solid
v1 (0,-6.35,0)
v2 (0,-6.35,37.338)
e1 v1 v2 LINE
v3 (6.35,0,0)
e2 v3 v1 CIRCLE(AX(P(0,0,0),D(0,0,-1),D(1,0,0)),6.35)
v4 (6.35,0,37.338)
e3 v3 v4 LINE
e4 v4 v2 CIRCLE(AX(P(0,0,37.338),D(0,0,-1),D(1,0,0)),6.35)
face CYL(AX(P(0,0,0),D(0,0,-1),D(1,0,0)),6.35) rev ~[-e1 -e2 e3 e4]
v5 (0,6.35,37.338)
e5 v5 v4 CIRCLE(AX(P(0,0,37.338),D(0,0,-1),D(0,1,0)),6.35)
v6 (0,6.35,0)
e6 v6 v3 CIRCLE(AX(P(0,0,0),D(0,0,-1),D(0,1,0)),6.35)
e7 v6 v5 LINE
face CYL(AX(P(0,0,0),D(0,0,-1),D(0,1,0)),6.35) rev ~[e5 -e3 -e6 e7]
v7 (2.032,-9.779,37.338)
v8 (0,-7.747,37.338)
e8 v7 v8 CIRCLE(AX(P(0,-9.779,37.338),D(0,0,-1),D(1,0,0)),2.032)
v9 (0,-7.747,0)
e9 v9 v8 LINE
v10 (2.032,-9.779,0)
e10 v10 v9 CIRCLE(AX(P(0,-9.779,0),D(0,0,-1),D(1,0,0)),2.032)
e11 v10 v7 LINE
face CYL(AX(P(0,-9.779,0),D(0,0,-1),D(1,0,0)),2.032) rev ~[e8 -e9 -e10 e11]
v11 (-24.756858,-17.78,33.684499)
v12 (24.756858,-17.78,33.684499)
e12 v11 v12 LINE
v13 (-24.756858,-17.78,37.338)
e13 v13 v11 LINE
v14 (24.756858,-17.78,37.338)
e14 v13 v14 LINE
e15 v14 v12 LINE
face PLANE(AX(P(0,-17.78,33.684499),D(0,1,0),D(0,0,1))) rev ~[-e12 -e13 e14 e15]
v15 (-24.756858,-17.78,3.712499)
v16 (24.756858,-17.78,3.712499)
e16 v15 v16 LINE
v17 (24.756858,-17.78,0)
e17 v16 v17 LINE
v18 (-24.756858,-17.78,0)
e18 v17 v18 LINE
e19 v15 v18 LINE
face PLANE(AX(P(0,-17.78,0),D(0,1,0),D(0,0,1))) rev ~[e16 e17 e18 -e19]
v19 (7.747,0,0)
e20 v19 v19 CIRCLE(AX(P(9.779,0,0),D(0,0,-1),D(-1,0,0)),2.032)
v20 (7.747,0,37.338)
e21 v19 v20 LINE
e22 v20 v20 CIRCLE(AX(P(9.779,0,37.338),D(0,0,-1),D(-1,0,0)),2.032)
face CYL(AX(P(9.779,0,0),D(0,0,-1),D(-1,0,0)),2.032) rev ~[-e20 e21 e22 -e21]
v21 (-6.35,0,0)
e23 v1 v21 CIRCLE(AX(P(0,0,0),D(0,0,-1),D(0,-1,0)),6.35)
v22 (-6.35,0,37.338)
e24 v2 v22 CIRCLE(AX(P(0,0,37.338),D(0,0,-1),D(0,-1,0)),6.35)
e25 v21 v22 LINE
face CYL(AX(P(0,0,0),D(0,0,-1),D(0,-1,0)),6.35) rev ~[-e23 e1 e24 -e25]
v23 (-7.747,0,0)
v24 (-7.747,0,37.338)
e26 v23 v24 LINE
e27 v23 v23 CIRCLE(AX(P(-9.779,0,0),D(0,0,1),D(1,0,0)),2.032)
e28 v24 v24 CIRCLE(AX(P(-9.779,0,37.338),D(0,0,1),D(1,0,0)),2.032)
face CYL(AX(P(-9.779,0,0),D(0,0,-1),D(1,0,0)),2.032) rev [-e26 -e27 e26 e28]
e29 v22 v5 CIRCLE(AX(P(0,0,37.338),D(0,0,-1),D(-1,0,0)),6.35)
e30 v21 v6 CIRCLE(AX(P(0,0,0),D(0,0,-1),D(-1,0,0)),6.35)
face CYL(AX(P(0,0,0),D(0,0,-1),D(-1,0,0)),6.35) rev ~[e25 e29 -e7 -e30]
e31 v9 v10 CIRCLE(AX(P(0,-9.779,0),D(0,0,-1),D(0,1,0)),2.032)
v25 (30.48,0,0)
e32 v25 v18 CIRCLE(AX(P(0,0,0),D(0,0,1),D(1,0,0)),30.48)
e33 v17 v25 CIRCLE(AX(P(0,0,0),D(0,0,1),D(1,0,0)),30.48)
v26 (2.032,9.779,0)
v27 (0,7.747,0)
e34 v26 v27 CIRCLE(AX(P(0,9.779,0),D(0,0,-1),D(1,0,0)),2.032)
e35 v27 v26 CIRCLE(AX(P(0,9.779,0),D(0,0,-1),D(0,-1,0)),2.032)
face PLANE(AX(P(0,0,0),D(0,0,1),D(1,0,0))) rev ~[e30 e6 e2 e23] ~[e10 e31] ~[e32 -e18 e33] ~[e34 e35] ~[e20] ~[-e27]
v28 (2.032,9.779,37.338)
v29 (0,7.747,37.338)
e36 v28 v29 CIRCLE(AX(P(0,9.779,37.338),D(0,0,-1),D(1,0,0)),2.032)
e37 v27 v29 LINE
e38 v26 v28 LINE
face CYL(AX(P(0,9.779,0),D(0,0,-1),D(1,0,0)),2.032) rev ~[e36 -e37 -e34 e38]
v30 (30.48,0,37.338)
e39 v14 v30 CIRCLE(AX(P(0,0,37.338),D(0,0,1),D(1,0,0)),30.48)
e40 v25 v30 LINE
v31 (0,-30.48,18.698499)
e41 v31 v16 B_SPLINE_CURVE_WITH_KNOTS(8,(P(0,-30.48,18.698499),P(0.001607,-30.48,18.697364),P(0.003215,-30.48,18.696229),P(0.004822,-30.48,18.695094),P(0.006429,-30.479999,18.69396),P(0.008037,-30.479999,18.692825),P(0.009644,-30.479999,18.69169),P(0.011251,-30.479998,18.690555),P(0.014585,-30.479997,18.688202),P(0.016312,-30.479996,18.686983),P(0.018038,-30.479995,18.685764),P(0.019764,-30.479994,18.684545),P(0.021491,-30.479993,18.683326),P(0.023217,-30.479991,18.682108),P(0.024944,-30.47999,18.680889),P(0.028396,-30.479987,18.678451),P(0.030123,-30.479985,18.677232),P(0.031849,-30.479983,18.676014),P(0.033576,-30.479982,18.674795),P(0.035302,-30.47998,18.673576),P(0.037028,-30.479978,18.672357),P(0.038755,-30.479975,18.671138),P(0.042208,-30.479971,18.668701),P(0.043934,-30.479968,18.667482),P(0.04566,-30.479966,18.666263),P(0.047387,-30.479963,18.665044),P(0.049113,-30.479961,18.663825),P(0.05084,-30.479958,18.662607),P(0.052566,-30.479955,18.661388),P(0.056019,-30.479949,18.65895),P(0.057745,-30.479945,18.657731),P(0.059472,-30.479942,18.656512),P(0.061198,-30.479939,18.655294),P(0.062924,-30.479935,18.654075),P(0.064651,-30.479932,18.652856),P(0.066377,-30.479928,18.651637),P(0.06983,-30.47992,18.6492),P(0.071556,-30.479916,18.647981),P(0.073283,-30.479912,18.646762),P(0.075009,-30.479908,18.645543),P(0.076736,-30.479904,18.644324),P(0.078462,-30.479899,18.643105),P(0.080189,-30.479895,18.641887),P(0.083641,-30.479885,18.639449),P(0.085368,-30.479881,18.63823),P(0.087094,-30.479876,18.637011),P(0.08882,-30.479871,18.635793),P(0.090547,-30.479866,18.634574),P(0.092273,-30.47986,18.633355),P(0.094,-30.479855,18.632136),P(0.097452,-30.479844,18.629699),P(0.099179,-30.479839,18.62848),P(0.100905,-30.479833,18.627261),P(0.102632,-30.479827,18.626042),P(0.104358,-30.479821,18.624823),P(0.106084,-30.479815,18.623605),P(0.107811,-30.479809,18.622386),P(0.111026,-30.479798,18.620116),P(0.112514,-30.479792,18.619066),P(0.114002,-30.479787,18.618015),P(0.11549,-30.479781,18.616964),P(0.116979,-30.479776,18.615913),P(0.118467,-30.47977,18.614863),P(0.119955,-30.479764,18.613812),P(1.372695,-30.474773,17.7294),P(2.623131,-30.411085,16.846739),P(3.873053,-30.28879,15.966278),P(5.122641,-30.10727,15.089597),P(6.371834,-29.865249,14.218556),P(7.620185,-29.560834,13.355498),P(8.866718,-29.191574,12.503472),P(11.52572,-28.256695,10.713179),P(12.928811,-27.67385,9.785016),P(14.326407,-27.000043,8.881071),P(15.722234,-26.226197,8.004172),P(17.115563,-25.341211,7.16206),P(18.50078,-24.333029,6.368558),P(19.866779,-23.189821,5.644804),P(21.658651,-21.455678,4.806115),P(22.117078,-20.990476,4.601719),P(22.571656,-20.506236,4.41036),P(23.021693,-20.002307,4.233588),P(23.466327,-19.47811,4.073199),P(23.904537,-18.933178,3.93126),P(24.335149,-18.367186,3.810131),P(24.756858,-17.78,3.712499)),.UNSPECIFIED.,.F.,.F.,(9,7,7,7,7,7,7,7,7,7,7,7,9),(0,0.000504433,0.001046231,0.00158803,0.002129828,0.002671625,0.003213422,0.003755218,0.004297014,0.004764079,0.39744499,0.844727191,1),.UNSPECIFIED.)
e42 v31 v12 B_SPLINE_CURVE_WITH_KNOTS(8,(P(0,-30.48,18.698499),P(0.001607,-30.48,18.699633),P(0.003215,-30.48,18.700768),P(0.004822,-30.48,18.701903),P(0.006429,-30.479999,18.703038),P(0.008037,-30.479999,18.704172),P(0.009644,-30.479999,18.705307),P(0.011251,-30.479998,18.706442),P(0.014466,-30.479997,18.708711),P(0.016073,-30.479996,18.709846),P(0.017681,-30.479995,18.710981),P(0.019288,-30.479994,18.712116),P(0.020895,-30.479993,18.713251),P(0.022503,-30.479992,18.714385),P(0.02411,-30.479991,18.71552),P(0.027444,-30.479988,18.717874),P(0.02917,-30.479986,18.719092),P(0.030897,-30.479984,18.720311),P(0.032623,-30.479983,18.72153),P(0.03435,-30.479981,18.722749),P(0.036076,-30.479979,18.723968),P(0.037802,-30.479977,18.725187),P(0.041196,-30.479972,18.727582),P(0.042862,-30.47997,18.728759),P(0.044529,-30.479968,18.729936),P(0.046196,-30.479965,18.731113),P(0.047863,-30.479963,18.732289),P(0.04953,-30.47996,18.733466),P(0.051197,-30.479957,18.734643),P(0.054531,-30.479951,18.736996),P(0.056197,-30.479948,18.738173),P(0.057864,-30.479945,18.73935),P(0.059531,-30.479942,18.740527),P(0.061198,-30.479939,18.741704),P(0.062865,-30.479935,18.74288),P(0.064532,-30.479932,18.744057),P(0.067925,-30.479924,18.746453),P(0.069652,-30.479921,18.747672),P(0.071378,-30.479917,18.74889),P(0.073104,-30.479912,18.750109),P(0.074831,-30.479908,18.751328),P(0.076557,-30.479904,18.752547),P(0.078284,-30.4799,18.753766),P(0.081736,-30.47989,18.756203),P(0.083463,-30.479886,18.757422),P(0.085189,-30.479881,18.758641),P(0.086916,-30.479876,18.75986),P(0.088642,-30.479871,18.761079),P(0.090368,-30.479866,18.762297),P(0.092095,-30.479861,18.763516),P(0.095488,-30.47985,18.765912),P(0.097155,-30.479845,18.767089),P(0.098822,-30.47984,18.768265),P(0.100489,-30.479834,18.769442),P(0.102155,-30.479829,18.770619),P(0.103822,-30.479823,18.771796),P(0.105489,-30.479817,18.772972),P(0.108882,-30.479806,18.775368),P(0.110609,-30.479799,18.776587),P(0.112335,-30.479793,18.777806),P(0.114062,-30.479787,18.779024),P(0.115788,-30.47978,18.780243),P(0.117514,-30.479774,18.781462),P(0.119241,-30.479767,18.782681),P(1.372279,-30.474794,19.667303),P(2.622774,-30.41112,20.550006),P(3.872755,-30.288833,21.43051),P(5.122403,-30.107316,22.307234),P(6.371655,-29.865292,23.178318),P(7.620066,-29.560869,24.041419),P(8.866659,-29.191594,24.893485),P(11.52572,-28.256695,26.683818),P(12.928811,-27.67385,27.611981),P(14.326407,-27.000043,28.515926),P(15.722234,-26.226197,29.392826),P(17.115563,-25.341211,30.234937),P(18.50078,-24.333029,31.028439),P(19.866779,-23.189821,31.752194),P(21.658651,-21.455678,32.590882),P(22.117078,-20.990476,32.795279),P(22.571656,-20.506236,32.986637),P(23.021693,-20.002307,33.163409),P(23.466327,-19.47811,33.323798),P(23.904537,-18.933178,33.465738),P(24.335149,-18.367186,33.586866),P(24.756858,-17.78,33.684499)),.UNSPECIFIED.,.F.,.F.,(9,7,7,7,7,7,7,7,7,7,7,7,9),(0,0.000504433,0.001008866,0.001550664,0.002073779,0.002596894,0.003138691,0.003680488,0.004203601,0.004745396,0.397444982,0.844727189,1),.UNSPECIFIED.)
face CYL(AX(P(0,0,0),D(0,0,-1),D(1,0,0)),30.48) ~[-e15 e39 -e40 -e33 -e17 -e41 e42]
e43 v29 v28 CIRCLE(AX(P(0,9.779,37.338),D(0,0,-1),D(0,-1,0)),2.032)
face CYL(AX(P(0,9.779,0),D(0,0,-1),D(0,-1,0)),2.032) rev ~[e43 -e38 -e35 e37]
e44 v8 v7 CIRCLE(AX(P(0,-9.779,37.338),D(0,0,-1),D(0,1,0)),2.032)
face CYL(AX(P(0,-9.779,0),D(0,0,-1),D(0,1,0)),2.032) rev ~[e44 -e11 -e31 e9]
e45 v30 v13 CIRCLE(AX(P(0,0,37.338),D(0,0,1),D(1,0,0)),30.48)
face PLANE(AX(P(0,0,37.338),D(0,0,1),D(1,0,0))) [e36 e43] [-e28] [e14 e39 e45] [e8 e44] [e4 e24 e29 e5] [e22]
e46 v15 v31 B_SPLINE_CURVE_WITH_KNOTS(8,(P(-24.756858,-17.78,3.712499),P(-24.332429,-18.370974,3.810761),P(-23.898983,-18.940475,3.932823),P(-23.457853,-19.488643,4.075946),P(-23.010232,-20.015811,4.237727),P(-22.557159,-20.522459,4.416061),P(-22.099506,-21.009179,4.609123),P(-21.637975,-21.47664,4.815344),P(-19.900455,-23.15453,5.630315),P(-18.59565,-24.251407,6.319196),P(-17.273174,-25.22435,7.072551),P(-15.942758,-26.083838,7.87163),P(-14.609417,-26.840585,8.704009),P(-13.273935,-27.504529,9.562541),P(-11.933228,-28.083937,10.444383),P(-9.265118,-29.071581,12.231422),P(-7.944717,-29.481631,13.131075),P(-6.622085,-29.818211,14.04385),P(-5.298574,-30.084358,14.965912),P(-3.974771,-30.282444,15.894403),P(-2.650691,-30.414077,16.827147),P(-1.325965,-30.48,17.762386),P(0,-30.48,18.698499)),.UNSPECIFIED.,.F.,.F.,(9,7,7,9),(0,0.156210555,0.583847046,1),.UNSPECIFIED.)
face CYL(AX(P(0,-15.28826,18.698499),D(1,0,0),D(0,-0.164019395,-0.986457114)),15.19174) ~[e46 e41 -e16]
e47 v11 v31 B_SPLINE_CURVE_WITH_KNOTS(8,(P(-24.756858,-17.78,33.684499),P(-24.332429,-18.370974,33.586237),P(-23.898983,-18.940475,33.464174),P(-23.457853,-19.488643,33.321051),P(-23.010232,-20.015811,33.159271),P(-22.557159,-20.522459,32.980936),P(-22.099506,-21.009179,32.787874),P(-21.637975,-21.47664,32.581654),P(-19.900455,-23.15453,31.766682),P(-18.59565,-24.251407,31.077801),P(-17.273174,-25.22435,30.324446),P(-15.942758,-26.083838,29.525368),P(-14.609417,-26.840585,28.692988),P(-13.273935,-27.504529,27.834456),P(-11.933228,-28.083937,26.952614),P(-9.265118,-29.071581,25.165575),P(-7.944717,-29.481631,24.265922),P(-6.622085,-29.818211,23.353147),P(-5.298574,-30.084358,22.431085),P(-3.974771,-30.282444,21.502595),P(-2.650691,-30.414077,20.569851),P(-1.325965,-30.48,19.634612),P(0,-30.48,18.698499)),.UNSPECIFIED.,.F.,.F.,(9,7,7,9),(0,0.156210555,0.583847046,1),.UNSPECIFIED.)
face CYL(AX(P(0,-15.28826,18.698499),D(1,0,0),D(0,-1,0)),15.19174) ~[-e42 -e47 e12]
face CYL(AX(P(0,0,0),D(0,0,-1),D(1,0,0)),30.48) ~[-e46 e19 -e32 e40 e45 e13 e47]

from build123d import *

# Parameters (mm, degrees)
F0_R     = 30.48
F0_R_2   = 2.032
F1_DEPTH = 37.338
F3_DEPTH = 39.58267
F4_DEPTH = 55.88364


with BuildPart() as f1:
    # F0 (on Top) → F1 (new body)
    with BuildSketch(Plane.XY):
        Circle(F0_R)
        with BuildLine():
            ThreePointArc((2.032, -9.779), (-1.4368409794, -11.2158409794), (0, -7.747))
            ThreePointArc((0, -7.747), (1.4368409794, -8.3421590206), (2.032, -9.779))
        make_face(mode=Mode.SUBTRACT)
        with Locations((-9.779, 0)):
            Circle(F0_R_2, mode=Mode.SUBTRACT)
        with BuildLine():
            ThreePointArc((0, 6.35), (4.4901280605, 4.4901280605), (6.35, 0))
            ThreePointArc((6.35, 0), (4.4901280605, -4.4901280605), (0, -6.35))
            ThreePointArc((0, -6.35), (-4.4901280605, -4.4901280605), (-6.35, 0))
            ThreePointArc((-6.35, 0), (-4.4901280605, 4.4901280605), (0, 6.35))
        make_face(mode=Mode.SUBTRACT)
        with BuildLine():
            ThreePointArc((11.811, 0), (9.779, -2.032), (7.747, 0))
            ThreePointArc((7.747, 0), (9.779, 2.032), (11.811, 0))
        make_face(mode=Mode.SUBTRACT)
        with BuildLine():
            ThreePointArc((2.032, 9.779), (1.4368409794, 8.3421590206), (0, 7.747))
            ThreePointArc((0, 7.747), (-1.4368409794, 11.2158409794), (2.032, 9.779))
        make_face(mode=Mode.SUBTRACT)
    extrude(amount=F1_DEPTH)

    # F2 (on Right) → F3 (cut)
    with BuildSketch(Plane.YZ):
        with BuildLine():
            Line((-30.48, 37.3969972134), (-30.48, 18.6984986067))
            ThreePointArc((-30.48, 18.6984986067), (-26.8779716111, 28.5202881076), (-17.78, 33.6844986067))
            Line((-17.78, 33.6844986067), (-17.78, 37.3969972134))
            Line((-17.78, 37.3969972134), (-30.48, 37.3969972134))
        make_face()
        with BuildLine():
            Line((-30.48, 0), (-17.78, 0))
            Line((-17.78, 0), (-17.78, 3.7124986067))
            ThreePointArc((-17.78, 3.7124986067), (-26.8779716111, 8.8767091058), (-30.48, 18.6984986067))
            Line((-30.48, 18.6984986067), (-30.48, 0))
        make_face()
    extrude(amount=-F3_DEPTH, mode=Mode.SUBTRACT)

    # F2 (on Right) → F4 (cut)
    with BuildSketch(Plane.YZ):
        with BuildLine():
            Line((-30.48, 37.3969972134), (-30.48, 18.6984986067))
            ThreePointArc((-30.48, 18.6984986067), (-26.8779716111, 28.5202881076), (-17.78, 33.6844986067))
            Line((-17.78, 33.6844986067), (-17.78, 37.3969972134))
            Line((-17.78, 37.3969972134), (-30.48, 37.3969972134))
        make_face()
        with BuildLine():
            Line((-30.48, 0), (-17.78, 0))
            Line((-17.78, 0), (-17.78, 3.7124986067))
            ThreePointArc((-17.78, 3.7124986067), (-26.8779716111, 8.8767091058), (-30.48, 18.6984986067))
            Line((-30.48, 18.6984986067), (-30.48, 0))
        make_face()
    extrude(amount=F4_DEPTH, mode=Mode.SUBTRACT)


solid = f1.part
